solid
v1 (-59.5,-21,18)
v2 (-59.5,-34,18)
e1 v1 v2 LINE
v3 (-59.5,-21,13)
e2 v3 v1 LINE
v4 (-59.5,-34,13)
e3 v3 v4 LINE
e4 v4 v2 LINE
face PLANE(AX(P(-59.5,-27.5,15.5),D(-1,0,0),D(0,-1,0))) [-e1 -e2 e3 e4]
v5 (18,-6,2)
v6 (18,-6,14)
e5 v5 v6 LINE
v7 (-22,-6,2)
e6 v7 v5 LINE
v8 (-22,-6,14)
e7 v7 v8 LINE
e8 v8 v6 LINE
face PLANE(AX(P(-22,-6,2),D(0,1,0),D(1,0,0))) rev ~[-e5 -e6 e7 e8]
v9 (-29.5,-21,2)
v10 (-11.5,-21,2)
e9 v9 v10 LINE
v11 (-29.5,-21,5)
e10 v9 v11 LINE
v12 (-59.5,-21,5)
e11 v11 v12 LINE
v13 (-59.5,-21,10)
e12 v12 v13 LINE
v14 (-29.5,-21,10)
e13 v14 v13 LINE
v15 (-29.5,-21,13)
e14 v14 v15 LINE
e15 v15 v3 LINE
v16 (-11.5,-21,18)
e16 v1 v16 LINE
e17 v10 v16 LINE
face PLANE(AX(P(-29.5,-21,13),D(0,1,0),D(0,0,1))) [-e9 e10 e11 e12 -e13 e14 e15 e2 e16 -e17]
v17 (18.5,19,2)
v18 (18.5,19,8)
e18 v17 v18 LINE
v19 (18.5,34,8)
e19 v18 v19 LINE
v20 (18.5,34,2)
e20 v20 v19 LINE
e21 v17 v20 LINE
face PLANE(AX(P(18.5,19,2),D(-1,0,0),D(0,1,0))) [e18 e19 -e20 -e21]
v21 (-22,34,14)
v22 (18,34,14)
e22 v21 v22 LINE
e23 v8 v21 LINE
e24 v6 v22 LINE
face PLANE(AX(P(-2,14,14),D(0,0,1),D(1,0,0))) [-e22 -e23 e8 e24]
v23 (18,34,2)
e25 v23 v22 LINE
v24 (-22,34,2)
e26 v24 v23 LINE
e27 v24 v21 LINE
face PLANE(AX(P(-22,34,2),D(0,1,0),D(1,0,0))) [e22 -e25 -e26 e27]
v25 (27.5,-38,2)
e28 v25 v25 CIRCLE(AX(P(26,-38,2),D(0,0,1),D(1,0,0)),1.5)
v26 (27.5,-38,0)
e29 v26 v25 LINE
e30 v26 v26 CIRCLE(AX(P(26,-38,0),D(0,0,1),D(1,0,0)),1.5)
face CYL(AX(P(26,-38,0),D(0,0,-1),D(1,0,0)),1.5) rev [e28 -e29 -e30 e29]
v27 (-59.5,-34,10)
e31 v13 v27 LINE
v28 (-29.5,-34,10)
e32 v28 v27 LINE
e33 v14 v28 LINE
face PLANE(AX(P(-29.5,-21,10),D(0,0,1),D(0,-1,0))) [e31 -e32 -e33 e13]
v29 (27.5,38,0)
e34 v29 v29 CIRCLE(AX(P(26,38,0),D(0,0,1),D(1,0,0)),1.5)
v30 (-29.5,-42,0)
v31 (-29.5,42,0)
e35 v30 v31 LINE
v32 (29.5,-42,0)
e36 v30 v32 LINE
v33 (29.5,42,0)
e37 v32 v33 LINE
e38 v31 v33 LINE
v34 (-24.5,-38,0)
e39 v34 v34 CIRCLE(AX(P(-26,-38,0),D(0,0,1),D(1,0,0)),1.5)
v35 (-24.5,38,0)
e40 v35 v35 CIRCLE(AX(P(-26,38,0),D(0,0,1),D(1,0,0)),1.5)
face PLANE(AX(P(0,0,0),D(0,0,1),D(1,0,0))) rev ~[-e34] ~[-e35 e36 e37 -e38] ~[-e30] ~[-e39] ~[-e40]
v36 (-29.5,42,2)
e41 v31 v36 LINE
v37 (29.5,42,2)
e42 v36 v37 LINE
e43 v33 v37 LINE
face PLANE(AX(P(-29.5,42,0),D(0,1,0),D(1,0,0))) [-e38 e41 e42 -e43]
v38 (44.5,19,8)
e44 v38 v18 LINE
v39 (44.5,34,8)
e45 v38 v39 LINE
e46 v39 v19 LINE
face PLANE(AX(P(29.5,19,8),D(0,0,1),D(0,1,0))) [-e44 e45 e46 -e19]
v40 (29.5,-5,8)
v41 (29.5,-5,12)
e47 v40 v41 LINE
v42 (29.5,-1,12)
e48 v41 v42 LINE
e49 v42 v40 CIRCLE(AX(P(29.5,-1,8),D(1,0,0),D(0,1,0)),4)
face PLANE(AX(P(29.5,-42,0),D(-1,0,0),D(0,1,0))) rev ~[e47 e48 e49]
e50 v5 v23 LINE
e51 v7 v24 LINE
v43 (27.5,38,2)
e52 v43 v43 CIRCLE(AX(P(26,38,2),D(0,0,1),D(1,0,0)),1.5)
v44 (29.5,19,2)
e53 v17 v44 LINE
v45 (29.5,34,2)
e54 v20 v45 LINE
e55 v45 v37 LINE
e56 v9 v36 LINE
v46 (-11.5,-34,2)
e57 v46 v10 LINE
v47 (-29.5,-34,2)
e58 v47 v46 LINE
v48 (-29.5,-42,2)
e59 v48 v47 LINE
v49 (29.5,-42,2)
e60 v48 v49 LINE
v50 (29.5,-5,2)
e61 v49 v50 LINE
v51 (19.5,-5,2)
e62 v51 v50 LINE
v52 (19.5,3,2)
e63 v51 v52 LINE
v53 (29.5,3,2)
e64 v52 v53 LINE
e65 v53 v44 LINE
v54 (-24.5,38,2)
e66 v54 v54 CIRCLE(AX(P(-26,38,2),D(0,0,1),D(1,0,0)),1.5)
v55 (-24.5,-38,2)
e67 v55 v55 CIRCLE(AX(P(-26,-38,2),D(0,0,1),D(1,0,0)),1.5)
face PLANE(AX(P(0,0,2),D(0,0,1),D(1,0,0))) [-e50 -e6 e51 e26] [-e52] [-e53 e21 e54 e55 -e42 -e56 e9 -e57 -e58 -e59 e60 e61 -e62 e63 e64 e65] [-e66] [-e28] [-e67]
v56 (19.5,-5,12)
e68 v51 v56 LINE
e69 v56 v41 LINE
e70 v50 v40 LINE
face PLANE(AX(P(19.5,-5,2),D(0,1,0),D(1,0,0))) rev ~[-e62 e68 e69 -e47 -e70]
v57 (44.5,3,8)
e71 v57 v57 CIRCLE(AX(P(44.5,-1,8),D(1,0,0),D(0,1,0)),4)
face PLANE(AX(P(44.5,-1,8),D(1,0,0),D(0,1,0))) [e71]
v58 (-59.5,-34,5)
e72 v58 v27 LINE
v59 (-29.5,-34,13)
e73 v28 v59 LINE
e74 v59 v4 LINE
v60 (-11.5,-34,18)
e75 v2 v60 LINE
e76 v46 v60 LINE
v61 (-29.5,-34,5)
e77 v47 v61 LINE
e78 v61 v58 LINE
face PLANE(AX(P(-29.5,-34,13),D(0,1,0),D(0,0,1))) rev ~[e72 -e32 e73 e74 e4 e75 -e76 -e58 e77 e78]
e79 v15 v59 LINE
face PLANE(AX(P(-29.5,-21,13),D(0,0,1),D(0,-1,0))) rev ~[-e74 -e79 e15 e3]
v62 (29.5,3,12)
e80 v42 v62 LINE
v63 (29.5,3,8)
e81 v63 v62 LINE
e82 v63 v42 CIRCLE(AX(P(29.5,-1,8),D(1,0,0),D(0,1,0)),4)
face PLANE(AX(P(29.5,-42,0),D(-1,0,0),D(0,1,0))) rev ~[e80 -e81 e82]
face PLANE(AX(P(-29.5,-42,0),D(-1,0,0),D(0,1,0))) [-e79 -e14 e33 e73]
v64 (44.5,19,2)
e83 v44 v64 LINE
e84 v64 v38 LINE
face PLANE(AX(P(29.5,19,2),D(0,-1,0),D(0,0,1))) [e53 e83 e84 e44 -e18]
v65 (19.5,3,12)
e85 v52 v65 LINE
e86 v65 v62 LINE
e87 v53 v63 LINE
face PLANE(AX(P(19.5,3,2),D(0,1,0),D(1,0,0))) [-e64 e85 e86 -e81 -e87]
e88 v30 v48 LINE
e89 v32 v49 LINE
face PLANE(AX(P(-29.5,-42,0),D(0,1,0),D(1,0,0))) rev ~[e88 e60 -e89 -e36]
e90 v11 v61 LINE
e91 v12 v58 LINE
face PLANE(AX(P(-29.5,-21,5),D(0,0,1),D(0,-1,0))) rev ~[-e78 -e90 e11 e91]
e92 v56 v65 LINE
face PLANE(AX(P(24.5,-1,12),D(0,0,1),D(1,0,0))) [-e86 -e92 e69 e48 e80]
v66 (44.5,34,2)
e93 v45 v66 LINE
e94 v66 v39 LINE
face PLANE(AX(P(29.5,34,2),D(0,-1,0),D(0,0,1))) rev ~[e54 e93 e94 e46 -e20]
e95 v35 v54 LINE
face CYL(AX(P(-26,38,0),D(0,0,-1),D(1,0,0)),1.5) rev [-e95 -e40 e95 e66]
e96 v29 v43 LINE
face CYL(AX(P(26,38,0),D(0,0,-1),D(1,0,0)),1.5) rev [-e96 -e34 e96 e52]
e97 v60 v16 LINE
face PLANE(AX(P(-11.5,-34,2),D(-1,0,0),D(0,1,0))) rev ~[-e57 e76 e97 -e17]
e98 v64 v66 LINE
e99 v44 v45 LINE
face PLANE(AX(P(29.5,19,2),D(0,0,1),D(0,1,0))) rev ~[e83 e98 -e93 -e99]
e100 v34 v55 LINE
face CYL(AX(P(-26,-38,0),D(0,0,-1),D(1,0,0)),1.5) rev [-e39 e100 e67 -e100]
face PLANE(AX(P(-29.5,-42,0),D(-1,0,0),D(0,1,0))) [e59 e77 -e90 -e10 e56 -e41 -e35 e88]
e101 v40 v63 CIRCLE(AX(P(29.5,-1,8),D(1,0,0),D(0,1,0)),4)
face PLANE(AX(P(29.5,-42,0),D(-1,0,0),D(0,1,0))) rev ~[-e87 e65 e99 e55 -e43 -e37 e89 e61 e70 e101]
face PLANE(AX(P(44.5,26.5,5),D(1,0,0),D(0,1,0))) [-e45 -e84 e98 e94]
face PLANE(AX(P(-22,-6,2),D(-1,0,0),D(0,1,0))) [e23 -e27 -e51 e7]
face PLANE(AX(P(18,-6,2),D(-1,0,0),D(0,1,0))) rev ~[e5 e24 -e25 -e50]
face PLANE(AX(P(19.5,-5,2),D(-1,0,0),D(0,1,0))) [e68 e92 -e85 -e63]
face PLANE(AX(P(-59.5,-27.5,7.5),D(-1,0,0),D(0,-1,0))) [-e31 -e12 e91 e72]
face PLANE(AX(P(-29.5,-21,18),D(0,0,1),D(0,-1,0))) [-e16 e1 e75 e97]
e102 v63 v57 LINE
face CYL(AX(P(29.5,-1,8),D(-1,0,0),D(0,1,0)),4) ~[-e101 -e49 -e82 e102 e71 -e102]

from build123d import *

# Parameters (mm, degrees)
F0_W      = 59
F0_H      = 84
F0_R      = 1.5
F1_DEPTH  = 2
F2_W      = 40
F2_H      = 40
F3_DEPTH  = 12
F4_W      = 18
F4_H      = 13
F5_DEPTH  = 16
F6_W      = 13
F6_H      = 5
F7_DEPTH  = 30
F8_W      = 10
F8_H      = 8
F9_DEPTH  = 10
F10_R     = 4
F11_DEPTH = 15
F12_W     = 11
F12_H     = 15
F13_DEPTH = 6
F14_W     = 15
F14_H     = 6
F15_DEPTH = 15


with BuildPart() as f1:
    # F0 (on Top) → F1 (new body)
    with BuildSketch(Plane.XY):
        Rectangle(F0_W, F0_H)
        with Locations((-26, -38)):
            Circle(F0_R, mode=Mode.SUBTRACT)
        with Locations((26, -38)):
            Circle(F0_R, mode=Mode.SUBTRACT)
        with Locations((-26, 38)):
            Circle(F0_R, mode=Mode.SUBTRACT)
        with Locations((26, 38)):
            Circle(F0_R, mode=Mode.SUBTRACT)
    extrude(amount=F1_DEPTH)

    # F2 (on face) → F3 (join)
    with BuildSketch(Plane.XY.offset(2)):
        with Locations((-2, 14)):
            Rectangle(F2_W, F2_H)
    extrude(amount=F3_DEPTH)

    # F4 (on face) → F5 (join)
    with BuildSketch(Plane.XY.offset(2)):
        with Locations((-20.5, -27.5)):
            Rectangle(F4_W, F4_H)
    extrude(amount=F5_DEPTH)

    # F6 (on face) → F7 (join)
    with BuildSketch(Plane(origin=(-29.5, 0, 0), x_dir=(0, -1, 0), z_dir=(-1, 0, 0))):
        with Locations((27.5, 15.5)):
            Rectangle(F6_W, F6_H)
        with Locations((27.5, 7.5)):
            Rectangle(F6_W, F6_H)
    extrude(amount=F7_DEPTH)

    # F8 (on face) → F9 (join)
    with BuildSketch(Plane.XY.offset(2)):
        with Locations((24.5, -1)):
            Rectangle(F8_W, F8_H)
    extrude(amount=F9_DEPTH)

    # F10 (on face) → F11 (join)
    with BuildSketch(Plane.YZ.offset(29.5)):
        with Locations((-1, 8)):
            Circle(F10_R)
    extrude(amount=F11_DEPTH)

    # F12 (on face) → F13 (join)
    with BuildSketch(Plane.XY.offset(2)):
        with Locations((24, 26.5)):
            Rectangle(F12_W, F12_H)
    extrude(amount=F13_DEPTH)

    # F14 (on face) → F15 (join)
    with BuildSketch(Plane.YZ.offset(29.5)):
        with Locations((26.5, 5)):
            Rectangle(F14_W, F14_H)
    extrude(amount=F15_DEPTH)


solid = f1.part
